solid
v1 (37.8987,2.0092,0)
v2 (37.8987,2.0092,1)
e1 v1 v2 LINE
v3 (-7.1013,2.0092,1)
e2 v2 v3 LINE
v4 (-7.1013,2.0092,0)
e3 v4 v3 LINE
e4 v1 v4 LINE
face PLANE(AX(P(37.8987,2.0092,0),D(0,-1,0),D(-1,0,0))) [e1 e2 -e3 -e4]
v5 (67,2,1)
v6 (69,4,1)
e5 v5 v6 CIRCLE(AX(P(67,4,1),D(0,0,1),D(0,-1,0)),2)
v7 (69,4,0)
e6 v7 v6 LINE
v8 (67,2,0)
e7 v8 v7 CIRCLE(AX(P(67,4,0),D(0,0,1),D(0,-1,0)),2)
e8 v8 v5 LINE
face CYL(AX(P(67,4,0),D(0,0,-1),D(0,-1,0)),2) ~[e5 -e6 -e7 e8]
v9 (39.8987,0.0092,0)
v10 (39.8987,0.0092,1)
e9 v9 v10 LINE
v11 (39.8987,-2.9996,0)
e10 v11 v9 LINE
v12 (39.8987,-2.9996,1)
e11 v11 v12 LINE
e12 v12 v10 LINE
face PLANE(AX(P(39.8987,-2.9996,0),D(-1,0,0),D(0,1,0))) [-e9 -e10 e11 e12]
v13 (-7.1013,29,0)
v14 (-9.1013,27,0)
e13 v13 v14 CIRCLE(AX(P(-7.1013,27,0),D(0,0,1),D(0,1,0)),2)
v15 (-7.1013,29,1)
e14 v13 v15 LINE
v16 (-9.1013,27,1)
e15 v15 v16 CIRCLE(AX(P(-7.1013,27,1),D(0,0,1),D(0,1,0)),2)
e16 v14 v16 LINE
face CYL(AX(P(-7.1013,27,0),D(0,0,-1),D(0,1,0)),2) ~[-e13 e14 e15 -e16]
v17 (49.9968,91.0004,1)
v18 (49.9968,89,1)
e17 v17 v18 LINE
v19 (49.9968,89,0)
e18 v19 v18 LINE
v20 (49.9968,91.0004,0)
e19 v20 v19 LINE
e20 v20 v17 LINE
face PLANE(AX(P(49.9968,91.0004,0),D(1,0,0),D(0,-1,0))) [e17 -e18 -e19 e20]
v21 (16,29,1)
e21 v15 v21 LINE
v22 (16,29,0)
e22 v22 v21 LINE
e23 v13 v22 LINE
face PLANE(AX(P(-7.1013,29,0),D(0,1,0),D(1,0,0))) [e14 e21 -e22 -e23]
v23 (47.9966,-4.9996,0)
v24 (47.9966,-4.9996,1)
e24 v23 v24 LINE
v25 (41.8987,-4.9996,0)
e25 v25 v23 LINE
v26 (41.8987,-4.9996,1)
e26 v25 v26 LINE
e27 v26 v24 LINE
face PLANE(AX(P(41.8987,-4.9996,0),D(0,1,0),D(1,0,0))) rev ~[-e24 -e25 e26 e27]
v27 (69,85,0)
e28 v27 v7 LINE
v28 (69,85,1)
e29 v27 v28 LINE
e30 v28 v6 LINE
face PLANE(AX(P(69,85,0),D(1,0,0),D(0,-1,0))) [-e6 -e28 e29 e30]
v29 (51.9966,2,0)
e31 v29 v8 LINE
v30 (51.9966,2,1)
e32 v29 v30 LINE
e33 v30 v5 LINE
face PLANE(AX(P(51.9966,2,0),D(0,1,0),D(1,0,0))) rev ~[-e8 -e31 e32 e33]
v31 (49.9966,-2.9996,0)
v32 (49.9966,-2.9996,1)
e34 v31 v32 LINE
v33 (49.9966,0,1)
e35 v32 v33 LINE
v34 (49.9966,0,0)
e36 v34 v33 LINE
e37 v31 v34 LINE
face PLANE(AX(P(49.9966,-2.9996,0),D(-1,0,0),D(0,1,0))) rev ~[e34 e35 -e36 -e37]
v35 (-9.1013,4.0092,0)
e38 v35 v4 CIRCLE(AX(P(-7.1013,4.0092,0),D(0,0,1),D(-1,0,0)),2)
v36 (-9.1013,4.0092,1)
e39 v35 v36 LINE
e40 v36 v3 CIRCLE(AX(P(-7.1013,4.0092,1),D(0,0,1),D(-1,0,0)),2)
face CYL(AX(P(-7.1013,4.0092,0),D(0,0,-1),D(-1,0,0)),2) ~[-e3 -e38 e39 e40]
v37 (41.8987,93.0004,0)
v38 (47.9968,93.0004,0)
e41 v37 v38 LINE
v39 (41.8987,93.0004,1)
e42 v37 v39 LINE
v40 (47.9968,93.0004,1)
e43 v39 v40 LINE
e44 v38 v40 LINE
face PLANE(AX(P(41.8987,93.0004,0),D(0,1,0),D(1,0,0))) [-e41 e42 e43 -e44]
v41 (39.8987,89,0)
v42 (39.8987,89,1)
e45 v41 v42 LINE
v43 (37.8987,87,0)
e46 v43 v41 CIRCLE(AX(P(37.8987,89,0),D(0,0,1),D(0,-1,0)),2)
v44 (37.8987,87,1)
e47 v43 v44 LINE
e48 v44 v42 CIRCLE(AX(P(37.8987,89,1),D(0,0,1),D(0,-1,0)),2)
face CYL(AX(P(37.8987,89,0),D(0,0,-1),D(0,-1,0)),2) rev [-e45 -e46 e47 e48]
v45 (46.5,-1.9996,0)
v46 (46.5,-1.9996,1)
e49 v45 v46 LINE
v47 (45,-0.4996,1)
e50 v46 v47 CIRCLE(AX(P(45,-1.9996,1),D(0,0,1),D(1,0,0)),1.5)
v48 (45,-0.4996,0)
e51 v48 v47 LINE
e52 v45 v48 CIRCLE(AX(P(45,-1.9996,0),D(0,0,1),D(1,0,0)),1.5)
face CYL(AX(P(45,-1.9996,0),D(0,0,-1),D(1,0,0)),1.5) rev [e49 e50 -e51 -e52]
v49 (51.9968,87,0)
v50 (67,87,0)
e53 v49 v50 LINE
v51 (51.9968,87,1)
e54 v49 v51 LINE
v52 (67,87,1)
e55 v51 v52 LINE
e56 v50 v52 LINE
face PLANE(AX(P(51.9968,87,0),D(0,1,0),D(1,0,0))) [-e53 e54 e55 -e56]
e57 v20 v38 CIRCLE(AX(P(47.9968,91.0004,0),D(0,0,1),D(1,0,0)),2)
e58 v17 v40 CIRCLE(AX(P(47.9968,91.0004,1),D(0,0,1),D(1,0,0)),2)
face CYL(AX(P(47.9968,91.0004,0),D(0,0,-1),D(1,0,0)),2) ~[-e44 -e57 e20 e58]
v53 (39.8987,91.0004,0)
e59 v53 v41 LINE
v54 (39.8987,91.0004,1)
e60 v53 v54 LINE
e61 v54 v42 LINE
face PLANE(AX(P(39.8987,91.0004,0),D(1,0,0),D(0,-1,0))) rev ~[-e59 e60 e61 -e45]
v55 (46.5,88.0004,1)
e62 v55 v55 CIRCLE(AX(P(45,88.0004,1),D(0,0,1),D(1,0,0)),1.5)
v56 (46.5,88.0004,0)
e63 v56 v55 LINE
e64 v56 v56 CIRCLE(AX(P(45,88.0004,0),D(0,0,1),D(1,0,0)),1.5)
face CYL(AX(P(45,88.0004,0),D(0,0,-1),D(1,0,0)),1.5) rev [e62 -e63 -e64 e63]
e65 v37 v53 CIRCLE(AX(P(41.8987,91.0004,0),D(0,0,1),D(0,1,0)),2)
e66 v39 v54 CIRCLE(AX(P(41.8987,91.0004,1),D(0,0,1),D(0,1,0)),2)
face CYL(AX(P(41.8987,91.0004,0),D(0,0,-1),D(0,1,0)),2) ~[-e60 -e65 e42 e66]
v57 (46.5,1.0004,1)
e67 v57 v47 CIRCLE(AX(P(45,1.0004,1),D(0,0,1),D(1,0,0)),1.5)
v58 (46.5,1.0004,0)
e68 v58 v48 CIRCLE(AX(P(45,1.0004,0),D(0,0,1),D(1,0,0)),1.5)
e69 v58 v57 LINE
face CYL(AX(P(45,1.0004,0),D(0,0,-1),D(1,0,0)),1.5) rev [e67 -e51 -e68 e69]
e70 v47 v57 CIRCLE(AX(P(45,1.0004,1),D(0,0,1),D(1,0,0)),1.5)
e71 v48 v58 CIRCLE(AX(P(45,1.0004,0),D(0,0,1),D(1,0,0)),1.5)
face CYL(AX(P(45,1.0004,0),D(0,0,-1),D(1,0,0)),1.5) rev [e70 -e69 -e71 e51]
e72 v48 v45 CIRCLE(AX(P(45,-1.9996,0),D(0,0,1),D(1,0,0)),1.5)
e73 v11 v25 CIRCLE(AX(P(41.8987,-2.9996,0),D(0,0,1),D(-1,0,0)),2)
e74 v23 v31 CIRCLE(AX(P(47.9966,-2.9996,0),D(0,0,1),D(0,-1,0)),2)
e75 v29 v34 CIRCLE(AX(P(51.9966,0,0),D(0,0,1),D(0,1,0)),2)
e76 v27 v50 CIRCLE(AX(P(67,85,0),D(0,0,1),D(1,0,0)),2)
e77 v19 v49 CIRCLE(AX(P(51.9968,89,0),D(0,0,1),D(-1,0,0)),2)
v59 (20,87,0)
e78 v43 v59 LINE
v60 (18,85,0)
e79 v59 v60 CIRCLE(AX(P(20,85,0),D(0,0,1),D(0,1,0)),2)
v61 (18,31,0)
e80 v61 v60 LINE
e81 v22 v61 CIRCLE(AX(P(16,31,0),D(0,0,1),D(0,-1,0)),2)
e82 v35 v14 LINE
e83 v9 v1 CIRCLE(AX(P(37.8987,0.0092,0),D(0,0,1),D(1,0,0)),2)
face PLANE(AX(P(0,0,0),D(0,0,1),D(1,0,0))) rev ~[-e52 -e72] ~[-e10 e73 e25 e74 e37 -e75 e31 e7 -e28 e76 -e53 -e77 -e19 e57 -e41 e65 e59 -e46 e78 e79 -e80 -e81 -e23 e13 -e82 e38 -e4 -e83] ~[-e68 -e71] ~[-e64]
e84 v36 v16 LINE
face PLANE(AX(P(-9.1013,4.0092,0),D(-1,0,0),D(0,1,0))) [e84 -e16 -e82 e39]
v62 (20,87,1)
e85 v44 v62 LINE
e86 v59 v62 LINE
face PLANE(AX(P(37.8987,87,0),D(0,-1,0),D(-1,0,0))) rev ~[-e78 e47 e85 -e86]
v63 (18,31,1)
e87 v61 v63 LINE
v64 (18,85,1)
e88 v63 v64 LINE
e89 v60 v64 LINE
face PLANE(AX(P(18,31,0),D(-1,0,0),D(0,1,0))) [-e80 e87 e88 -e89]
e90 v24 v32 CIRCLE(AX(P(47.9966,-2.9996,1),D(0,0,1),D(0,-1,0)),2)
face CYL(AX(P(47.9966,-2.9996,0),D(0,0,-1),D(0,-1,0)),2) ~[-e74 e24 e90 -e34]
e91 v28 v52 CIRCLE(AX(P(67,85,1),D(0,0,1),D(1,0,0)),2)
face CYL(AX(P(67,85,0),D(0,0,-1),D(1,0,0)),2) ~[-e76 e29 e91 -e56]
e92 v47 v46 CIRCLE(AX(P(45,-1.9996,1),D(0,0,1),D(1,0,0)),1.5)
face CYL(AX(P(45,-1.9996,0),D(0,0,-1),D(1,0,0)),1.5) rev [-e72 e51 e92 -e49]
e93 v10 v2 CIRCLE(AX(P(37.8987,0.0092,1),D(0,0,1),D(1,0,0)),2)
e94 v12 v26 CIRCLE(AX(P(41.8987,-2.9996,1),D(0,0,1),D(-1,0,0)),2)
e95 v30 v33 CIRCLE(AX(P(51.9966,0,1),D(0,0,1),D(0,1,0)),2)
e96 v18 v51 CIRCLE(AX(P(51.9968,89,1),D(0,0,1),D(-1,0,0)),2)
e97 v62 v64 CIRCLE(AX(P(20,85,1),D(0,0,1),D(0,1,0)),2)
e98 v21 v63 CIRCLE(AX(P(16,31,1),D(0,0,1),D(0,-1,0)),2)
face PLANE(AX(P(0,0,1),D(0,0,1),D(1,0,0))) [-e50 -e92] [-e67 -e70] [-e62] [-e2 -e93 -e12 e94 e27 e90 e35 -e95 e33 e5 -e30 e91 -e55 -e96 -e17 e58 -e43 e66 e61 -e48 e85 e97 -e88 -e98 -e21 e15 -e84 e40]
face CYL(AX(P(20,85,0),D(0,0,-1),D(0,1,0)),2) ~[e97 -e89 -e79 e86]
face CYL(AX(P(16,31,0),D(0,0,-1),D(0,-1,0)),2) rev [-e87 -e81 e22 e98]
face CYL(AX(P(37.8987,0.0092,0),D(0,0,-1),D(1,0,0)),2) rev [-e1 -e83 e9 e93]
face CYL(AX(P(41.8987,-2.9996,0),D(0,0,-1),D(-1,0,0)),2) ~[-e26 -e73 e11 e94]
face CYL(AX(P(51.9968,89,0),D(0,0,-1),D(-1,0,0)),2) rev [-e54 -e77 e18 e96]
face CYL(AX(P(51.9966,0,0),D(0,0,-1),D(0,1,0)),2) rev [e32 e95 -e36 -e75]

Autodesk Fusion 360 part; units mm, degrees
sketch "Sketch1" plane through (0, 0, 0) normal (0, 0, 1) x (1, 0, 0)
  circle A0 centre (45, 88.0004) radius 1.5
  circle A1 centre (45, 1.0004) radius 1.5
  circle A2 centre (45, -1.9996) radius 1.5
  line L0 (69, 85) -> (69, 4)
  line L1 (49.9968, 91.0004) -> (49.9968, 89)
  line L2 (51.9968, 87) -> (67, 87)
  line L3 (49.9966, -2.9996) -> (49.9966, 0)
  line L4 (51.9966, 2) -> (67, 2)
  line L5 (39.8987, 91.0004) -> (39.8987, 89)
  line L6 (37.8987, 87) -> (20, 87)
  line L7 (39.8987, -2.9996) -> (39.8987, 0.0092)
  line L8 (37.8987, 2.0092) -> (-7.1013, 2.0092)
  line L9 (-9.1013, 4.0092) -> (-9.1013, 27)
  line L10 (-7.1013, 29) -> (16, 29)
  line L11 (18, 31) -> (18, 85)
  line L12 (41.8987, 93.0004) -> (47.9968, 93.0004)
  line L13 (41.8987, -4.9996) -> (47.9966, -4.9996)
  arc A3 (41.8987, 93.0004) -> (39.8987, 91.0004) centre (41.8987, 91.0004) ccw
  arc A4 (49.9968, 91.0004) -> (47.9968, 93.0004) centre (47.9968, 91.0004) ccw
  arc A5 (37.8987, 87) -> (39.8987, 89) centre (37.8987, 89) ccw
  arc A6 (49.9968, 89) -> (51.9968, 87) centre (51.9968, 89) ccw
  arc A7 (39.8987, 0.0092) -> (37.8987, 2.0092) centre (37.8987, 0.0092) ccw
  arc A8 (39.8987, -2.9996) -> (41.8987, -4.9996) centre (41.8987, -2.9996) ccw
  arc A9 (47.9966, -4.9996) -> (49.9966, -2.9996) centre (47.9966, -2.9996) ccw
  arc A10 (51.9966, 2) -> (49.9966, 0) centre (51.9966, 0) ccw
  arc A11 (-7.1013, 29) -> (-9.1013, 27) centre (-7.1013, 27) ccw
  arc A12 (-9.1013, 4.0092) -> (-7.1013, 2.0092) centre (-7.1013, 4.0092) ccw
  arc A13 (16, 29) -> (18, 31) centre (16, 31) ccw
  arc A14 (20, 87) -> (18, 85) centre (20, 85) ccw
  arc A15 (69, 85) -> (67, 87) centre (67, 85) ccw
  arc A16 (67, 2) -> (69, 4) centre (67, 4) ccw
  dimension "d1" = 3
  dimension "d2" = 3
  dimension "d3" = 3
  dimension "d4" = 87
  dimension "d5" = 3
  dimension "d8" = 24
  dimension "d16" = 2
  dimension "d17" = 2
  dimension "d18" = 2
  dimension "d19" = 2
  dimension "d20" = 2
  dimension "d21" = 2
  dimension "d22" = 2
  dimension "d23" = 2
  dimension "d24" = 2
  dimension "d25" = 2
  dimension "d26" = 2
  dimension "d27" = 2
  dimension "d28" = 2
  dimension "d29" = 2
extrude "Extrude2" add sketch "Sketch1" along normal blind 1
